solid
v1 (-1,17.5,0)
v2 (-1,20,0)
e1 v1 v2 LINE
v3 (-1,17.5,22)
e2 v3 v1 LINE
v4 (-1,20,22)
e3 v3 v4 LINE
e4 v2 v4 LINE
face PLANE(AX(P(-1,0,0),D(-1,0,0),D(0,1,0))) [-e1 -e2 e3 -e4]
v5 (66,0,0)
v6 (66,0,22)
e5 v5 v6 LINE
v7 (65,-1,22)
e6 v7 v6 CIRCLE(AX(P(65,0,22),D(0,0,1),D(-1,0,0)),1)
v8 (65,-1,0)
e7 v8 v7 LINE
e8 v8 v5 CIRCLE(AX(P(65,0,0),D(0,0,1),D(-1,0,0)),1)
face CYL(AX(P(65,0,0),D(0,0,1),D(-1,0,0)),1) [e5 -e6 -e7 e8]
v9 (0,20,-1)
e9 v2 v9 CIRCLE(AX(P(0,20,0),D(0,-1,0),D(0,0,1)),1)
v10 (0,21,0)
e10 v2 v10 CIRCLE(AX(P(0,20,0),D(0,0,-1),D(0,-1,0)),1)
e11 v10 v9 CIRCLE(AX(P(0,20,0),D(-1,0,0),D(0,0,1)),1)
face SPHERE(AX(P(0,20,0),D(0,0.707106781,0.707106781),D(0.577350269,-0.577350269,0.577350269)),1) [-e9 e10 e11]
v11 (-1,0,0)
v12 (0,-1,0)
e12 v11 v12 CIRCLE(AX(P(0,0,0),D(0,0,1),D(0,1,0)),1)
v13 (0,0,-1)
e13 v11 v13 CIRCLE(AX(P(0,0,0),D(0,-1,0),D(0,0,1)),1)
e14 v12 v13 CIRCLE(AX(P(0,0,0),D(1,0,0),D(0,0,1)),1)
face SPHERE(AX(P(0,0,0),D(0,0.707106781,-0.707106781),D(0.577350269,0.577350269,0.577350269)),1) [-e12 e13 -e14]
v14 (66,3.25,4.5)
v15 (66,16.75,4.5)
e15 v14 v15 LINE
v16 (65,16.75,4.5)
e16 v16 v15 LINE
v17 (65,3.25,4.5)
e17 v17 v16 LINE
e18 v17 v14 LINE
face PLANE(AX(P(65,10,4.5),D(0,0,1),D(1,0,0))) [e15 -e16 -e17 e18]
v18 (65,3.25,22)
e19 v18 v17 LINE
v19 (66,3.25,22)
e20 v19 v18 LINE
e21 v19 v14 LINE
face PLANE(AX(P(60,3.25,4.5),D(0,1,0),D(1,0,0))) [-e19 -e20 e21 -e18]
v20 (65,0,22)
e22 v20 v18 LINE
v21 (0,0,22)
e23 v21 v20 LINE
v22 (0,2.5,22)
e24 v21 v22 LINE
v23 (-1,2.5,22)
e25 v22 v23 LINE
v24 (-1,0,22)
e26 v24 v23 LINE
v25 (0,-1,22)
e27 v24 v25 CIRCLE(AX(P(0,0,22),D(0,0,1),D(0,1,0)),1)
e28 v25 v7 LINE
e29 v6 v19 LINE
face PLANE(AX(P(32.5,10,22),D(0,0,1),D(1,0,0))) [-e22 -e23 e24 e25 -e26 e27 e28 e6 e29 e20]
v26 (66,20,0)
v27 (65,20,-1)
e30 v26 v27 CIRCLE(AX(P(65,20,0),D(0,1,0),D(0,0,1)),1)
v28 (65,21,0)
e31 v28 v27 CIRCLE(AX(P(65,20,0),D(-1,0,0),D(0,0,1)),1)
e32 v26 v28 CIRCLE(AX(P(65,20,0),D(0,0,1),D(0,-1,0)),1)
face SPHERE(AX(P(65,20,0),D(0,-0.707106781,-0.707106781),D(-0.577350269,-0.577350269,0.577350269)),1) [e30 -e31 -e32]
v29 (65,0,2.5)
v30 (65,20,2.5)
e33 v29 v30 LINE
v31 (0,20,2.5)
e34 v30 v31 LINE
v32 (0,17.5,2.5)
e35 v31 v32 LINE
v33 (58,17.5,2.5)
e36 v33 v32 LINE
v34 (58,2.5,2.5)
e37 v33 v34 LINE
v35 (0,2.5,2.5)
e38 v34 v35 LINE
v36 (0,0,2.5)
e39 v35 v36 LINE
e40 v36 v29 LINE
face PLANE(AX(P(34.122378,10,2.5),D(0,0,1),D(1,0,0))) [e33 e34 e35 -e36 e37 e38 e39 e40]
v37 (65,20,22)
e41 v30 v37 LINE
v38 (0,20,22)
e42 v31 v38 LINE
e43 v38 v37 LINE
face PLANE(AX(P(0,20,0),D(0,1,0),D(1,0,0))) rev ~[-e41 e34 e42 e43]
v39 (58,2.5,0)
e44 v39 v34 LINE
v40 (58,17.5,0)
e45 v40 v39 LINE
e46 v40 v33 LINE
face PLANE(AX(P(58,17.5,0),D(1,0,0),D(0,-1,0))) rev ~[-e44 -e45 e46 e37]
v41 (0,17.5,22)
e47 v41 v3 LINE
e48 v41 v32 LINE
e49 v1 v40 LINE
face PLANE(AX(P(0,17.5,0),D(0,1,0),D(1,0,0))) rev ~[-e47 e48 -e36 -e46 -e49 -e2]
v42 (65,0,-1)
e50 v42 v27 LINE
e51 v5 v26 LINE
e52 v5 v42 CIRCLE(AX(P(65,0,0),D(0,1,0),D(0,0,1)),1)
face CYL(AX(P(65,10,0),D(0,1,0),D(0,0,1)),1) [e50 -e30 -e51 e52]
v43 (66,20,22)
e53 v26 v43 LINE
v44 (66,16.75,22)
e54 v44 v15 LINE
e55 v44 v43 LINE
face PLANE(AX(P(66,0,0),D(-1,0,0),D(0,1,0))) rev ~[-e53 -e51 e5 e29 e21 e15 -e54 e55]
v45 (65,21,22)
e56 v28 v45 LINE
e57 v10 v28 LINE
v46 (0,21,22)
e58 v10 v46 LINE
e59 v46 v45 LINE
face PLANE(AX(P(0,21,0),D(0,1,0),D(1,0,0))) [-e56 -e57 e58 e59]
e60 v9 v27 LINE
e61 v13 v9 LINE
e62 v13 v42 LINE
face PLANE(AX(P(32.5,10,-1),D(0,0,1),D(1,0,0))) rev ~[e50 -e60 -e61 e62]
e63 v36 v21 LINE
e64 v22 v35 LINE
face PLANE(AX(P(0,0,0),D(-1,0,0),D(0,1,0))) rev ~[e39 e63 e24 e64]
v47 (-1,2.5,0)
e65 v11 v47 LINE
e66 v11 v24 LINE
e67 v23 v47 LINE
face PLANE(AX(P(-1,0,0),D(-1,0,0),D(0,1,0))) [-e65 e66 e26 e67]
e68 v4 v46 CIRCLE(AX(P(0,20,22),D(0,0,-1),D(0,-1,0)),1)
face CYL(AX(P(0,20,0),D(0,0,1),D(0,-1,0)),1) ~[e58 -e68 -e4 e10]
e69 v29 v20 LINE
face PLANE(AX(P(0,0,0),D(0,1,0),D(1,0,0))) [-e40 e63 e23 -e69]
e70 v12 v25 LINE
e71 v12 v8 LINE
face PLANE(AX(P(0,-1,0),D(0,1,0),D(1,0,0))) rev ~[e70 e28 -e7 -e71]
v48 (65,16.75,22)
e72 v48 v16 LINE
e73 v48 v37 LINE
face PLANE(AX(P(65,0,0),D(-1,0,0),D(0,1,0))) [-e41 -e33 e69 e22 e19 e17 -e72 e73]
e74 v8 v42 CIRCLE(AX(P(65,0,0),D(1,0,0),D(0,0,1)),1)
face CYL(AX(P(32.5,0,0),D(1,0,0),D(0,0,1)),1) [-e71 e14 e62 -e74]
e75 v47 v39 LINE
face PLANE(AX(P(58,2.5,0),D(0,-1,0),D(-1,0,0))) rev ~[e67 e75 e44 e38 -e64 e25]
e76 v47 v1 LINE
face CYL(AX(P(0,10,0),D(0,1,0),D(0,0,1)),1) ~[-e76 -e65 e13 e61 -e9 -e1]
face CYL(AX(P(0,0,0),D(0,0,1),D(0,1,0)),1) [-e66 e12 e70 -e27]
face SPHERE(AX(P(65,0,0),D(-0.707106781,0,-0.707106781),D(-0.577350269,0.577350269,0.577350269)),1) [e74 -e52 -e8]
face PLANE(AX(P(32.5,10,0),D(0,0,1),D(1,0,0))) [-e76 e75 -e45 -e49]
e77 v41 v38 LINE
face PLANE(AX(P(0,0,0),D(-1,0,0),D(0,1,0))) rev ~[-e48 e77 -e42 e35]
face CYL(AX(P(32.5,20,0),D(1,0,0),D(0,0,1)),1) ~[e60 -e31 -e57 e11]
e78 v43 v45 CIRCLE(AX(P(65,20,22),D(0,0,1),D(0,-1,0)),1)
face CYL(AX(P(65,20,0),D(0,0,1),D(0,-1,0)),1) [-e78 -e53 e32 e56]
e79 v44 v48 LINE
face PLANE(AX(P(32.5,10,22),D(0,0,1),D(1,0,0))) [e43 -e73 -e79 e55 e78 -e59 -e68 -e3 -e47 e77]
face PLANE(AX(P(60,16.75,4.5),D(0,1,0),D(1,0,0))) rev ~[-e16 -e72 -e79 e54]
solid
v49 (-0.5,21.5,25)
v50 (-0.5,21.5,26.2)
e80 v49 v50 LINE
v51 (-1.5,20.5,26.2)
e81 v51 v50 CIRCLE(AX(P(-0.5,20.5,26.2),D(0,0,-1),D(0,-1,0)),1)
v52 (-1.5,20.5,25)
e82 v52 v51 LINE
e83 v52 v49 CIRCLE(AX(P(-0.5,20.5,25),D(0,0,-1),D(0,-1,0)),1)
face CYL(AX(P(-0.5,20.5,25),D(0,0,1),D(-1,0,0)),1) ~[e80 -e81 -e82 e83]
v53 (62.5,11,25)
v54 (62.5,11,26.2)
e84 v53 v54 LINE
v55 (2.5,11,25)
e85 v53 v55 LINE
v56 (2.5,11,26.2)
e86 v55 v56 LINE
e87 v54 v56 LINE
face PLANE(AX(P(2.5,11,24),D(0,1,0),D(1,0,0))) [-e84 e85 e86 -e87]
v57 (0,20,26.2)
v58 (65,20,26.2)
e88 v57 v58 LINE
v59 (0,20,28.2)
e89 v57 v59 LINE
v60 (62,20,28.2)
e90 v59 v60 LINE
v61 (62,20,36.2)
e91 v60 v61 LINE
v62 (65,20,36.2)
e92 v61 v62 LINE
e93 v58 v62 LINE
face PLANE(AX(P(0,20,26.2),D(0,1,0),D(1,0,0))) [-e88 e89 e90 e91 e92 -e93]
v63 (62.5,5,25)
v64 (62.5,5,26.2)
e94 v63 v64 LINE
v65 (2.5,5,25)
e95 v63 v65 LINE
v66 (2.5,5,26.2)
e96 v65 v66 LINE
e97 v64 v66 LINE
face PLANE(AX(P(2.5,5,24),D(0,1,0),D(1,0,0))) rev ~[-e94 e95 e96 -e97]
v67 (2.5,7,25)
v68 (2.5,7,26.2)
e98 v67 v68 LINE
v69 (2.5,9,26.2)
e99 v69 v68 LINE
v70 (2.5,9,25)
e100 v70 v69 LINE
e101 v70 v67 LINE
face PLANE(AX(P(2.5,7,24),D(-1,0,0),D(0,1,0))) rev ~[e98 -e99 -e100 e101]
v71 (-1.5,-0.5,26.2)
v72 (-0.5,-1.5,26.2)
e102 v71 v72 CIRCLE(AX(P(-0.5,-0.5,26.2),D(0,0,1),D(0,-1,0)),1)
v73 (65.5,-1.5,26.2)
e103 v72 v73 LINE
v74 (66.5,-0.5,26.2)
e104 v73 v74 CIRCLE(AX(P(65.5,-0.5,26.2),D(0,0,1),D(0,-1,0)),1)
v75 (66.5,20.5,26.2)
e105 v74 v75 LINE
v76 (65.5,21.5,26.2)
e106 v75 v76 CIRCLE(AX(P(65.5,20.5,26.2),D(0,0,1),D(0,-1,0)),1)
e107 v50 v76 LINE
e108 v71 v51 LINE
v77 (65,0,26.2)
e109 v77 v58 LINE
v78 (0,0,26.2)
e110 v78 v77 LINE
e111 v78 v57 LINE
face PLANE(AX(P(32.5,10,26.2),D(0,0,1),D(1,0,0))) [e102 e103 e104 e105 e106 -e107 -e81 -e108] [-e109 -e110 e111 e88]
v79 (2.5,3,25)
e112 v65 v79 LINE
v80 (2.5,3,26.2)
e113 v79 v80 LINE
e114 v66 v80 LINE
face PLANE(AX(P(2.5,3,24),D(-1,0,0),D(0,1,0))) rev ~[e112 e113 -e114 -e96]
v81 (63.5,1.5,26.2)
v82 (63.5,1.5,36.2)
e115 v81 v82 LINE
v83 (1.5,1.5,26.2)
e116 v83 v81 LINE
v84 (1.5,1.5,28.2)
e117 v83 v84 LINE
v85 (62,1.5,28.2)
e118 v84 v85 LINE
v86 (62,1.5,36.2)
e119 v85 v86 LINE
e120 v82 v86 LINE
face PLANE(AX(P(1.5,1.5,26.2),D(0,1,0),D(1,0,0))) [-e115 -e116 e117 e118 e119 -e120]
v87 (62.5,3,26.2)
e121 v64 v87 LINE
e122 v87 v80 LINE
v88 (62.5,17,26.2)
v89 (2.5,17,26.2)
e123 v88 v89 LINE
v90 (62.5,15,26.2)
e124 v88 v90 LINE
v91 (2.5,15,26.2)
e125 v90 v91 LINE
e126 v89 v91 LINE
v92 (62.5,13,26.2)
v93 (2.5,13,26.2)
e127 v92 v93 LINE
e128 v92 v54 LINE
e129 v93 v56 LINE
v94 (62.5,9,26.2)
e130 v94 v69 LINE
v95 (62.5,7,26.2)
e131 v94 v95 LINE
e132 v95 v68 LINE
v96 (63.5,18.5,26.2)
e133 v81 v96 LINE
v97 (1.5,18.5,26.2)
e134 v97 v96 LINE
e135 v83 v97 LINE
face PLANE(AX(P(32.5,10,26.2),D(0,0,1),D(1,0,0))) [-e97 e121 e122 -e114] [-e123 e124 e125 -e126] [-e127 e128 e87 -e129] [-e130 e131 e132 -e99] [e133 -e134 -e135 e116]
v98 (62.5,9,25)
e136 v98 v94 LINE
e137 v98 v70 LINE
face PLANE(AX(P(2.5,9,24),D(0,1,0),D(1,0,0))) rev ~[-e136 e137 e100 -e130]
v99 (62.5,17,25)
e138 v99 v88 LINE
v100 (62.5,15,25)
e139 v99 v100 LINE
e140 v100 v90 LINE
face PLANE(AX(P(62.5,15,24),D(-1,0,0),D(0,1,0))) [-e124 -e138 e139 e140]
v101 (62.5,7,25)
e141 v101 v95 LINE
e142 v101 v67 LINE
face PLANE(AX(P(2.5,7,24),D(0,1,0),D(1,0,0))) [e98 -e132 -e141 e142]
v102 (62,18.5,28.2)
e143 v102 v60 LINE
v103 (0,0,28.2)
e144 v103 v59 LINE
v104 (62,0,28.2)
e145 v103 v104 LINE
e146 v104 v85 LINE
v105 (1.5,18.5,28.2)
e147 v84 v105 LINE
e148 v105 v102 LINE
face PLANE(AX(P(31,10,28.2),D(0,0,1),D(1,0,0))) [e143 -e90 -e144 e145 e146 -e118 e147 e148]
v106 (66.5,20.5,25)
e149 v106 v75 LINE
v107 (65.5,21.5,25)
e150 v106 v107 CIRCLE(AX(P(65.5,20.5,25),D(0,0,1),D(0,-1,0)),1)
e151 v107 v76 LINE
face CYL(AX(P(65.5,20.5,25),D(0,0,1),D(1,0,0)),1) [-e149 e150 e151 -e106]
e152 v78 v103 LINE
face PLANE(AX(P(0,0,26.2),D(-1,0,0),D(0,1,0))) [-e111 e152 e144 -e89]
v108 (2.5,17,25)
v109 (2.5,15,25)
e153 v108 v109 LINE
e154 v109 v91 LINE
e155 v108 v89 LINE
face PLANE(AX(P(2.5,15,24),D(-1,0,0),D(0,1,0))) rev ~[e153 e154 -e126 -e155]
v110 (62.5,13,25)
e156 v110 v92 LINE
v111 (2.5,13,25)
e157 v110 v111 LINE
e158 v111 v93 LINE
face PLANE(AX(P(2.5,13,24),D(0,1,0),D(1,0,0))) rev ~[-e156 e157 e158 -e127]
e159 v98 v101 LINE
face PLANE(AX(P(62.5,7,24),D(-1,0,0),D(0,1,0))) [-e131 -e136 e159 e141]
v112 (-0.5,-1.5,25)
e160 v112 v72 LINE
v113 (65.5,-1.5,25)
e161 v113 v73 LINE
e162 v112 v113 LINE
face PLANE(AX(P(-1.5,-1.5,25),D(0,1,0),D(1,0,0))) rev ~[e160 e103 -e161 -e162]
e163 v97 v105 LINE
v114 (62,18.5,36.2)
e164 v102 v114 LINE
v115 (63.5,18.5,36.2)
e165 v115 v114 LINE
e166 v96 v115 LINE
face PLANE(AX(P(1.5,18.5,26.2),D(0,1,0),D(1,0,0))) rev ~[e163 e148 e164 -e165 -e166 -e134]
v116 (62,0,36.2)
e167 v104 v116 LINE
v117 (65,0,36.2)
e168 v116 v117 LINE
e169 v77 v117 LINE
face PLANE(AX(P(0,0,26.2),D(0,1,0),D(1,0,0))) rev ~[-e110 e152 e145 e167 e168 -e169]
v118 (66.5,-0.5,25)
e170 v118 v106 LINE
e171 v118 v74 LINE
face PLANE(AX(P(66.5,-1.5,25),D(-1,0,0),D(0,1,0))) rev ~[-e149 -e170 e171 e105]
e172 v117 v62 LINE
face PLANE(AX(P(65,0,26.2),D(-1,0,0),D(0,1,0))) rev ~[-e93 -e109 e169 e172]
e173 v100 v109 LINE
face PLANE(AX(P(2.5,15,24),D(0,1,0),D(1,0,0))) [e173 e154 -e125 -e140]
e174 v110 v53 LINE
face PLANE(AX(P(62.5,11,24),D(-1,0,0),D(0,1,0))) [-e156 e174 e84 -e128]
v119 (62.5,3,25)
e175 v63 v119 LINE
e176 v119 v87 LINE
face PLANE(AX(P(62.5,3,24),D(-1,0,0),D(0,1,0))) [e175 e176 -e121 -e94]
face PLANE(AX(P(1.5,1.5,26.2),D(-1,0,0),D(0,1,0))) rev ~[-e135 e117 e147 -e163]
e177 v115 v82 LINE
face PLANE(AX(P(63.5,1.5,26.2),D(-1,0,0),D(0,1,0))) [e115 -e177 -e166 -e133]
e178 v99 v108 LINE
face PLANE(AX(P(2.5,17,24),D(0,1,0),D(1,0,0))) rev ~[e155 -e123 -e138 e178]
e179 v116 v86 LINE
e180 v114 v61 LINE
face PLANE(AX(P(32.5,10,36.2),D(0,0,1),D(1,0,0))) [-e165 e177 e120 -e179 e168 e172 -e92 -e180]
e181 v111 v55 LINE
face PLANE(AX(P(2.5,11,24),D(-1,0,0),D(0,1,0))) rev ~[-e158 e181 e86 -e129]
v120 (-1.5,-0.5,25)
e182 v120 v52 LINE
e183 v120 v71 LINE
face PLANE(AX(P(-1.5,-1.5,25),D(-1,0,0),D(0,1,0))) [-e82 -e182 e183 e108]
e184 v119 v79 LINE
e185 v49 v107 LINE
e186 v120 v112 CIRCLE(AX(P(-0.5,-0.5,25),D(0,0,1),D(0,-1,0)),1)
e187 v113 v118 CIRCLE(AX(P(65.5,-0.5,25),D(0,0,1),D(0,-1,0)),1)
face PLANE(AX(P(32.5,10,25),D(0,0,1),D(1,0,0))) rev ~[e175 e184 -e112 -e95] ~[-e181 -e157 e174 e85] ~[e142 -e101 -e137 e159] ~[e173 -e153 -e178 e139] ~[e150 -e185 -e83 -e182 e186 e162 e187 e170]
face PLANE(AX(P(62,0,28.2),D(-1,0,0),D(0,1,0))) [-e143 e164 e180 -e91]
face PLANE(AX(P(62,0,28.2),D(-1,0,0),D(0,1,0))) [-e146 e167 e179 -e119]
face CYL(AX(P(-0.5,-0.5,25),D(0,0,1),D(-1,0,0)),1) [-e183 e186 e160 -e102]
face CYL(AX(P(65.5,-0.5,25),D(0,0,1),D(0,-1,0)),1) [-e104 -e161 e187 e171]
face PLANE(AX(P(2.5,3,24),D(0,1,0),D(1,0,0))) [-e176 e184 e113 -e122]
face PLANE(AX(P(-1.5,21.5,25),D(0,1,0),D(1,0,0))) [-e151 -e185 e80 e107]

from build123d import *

# Parameters (mm, degrees)
BOX001_W      = 10
BOX001_H      = 15
BOX001_DEPTH  = 25
BOX002_W      = 10
BOX002_H      = 13.5
BOX002_DEPTH  = 24.5
BOX_W         = 65
BOX_H         = 20
BOX_DEPTH     = 22
THICKNESS_T   = 1
PAD_DEPTH     = 2.5
BOX006_W      = 60
BOX006_H      = 2
BOX006_DEPTH  = 5
ARRAY_Y_COUNT = 4
ARRAY_Y_PITCH = 4
BOX003_W      = 68
BOX003_H      = 23
BOX003_DEPTH  = 1.2
FILLET_R      = 1
BOX009_W      = 62
BOX009_H      = 20
BOX009_DEPTH  = 8
BOX005_W      = 62
BOX005_H      = 17
BOX005_DEPTH  = 12
BOX004_W      = 65
BOX004_H      = 20
BOX004_DEPTH  = 10


with BuildPart() as cable_hole:
    # Box001 → Box001 (new body)
    with BuildSketch(Plane(origin=(-5, 2.5, 0), x_dir=(1, 0, 0), z_dir=(0, 0, 1))):
        with Locations((5, 7.5)):
            Rectangle(BOX001_W, BOX001_H)
    extrude(amount=BOX001_DEPTH)


with BuildPart() as usb_hole:
    # Box002 → Box002 (new body)
    with BuildSketch(Plane(origin=(60, 3.25, 4.5), x_dir=(1, 0, 0), z_dir=(0, 0, 1))):
        with Locations((5, 6.75)):
            Rectangle(BOX002_W, BOX002_H)
    extrude(amount=BOX002_DEPTH)


with BuildPart() as caja:
    # Box → Box (new body)
    with BuildSketch(Plane.XY):
        with Locations((32.5, 10)):
            Rectangle(BOX_W, BOX_H)
    extrude(amount=BOX_DEPTH)

    # Thickness
    thickness_openings = [caja.faces().sort_by_distance(p)[0] for p in [
        (32.5, 10, 22),
    ]]
    offset(amount=THICKNESS_T, openings=thickness_openings)

    # Sketch (on Face5 of BaseFeature) → Pad (new body)
    with BuildSketch(Plane.XY):
        Polygon((65, 20), (0, 20), (0, 17.5), (58, 17.5), (58, 2.5), (0, 2.5), (0, 0), (65, 0), align=None)
    extrude(amount=PAD_DEPTH)

    # Cut: cut usb_hole
    add(usb_hole.part, mode=Mode.SUBTRACT)

    # Cut004: cut cable_hole
    add(cable_hole.part, mode=Mode.SUBTRACT)


with BuildPart() as array:
    # Box006 → Box006 (new body)
    with BuildSketch(Plane(origin=(2.5, 3, 24), x_dir=(1, 0, 0), z_dir=(0, 0, 1))):
        with Locations((30, 1)):
            Rectangle(BOX006_W, BOX006_H)
    extrude(amount=BOX006_DEPTH)

    # Array Y: Array ×4


with BuildPart() as array_1:
    add(array.part)
    with Locations(*[(0, i * ARRAY_Y_PITCH, 0) for i in range(1, ARRAY_Y_COUNT)]):
        add(array.part)


with BuildPart() as fillet_body:
    # Box003 → Box003 (new body)
    with BuildSketch(Plane(origin=(-1.5, -1.5, 25), x_dir=(1, 0, 0), z_dir=(0, 0, 1))):
        with Locations((34, 11.5)):
            Rectangle(BOX003_W, BOX003_H)
    extrude(amount=BOX003_DEPTH)

    # Fillet
    fillet_edges = [fillet_body.edges().sort_by_distance(p)[0] for p in [
        (-1.5, -1.5, 25.6),
        (-1.5, 21.5, 25.6),
        (66.5, -1.5, 25.6),
        (66.5, 21.5, 25.6),
    ]]
    fillet(fillet_edges, radius=FILLET_R)


with BuildPart() as cubo007:
    # Box009 → Box009 (new body)
    with BuildSketch(Plane.XY.offset(29)):
        with Locations((31, 10)):
            Rectangle(BOX009_W, BOX009_H)
    extrude(amount=BOX009_DEPTH)


with BuildPart() as cubo003:
    # Box005 → Box005 (new body)
    with BuildSketch(Plane(origin=(1.5, 1.5, 27), x_dir=(1, 0, 0), z_dir=(0, 0, 1))):
        with Locations((31, 8.5)):
            Rectangle(BOX005_W, BOX005_H)
    extrude(amount=BOX005_DEPTH)


with BuildPart() as tapa:
    # Box004 → Box004 (new body)
    with BuildSketch(Plane.XY.offset(27)):
        with Locations((32.5, 10)):
            Rectangle(BOX004_W, BOX004_H)
    extrude(amount=BOX004_DEPTH)

    # Cut005: cut Cubo003
    add(cubo003.part, mode=Mode.SUBTRACT)

    # Cut006: cut Cubo007
    add(cubo007.part, mode=Mode.SUBTRACT)


with BuildPart() as tapa_1:
    # Cut006 placement: moved
    add(tapa.part.moved(Location((0, 0, -0.8))))

    # Fusion: union Fillet body
    add(fillet_body.part)

    # Cut007: cut Array
    add(array_1.part, mode=Mode.SUBTRACT)


solid = Compound([caja.part, tapa_1.part])
